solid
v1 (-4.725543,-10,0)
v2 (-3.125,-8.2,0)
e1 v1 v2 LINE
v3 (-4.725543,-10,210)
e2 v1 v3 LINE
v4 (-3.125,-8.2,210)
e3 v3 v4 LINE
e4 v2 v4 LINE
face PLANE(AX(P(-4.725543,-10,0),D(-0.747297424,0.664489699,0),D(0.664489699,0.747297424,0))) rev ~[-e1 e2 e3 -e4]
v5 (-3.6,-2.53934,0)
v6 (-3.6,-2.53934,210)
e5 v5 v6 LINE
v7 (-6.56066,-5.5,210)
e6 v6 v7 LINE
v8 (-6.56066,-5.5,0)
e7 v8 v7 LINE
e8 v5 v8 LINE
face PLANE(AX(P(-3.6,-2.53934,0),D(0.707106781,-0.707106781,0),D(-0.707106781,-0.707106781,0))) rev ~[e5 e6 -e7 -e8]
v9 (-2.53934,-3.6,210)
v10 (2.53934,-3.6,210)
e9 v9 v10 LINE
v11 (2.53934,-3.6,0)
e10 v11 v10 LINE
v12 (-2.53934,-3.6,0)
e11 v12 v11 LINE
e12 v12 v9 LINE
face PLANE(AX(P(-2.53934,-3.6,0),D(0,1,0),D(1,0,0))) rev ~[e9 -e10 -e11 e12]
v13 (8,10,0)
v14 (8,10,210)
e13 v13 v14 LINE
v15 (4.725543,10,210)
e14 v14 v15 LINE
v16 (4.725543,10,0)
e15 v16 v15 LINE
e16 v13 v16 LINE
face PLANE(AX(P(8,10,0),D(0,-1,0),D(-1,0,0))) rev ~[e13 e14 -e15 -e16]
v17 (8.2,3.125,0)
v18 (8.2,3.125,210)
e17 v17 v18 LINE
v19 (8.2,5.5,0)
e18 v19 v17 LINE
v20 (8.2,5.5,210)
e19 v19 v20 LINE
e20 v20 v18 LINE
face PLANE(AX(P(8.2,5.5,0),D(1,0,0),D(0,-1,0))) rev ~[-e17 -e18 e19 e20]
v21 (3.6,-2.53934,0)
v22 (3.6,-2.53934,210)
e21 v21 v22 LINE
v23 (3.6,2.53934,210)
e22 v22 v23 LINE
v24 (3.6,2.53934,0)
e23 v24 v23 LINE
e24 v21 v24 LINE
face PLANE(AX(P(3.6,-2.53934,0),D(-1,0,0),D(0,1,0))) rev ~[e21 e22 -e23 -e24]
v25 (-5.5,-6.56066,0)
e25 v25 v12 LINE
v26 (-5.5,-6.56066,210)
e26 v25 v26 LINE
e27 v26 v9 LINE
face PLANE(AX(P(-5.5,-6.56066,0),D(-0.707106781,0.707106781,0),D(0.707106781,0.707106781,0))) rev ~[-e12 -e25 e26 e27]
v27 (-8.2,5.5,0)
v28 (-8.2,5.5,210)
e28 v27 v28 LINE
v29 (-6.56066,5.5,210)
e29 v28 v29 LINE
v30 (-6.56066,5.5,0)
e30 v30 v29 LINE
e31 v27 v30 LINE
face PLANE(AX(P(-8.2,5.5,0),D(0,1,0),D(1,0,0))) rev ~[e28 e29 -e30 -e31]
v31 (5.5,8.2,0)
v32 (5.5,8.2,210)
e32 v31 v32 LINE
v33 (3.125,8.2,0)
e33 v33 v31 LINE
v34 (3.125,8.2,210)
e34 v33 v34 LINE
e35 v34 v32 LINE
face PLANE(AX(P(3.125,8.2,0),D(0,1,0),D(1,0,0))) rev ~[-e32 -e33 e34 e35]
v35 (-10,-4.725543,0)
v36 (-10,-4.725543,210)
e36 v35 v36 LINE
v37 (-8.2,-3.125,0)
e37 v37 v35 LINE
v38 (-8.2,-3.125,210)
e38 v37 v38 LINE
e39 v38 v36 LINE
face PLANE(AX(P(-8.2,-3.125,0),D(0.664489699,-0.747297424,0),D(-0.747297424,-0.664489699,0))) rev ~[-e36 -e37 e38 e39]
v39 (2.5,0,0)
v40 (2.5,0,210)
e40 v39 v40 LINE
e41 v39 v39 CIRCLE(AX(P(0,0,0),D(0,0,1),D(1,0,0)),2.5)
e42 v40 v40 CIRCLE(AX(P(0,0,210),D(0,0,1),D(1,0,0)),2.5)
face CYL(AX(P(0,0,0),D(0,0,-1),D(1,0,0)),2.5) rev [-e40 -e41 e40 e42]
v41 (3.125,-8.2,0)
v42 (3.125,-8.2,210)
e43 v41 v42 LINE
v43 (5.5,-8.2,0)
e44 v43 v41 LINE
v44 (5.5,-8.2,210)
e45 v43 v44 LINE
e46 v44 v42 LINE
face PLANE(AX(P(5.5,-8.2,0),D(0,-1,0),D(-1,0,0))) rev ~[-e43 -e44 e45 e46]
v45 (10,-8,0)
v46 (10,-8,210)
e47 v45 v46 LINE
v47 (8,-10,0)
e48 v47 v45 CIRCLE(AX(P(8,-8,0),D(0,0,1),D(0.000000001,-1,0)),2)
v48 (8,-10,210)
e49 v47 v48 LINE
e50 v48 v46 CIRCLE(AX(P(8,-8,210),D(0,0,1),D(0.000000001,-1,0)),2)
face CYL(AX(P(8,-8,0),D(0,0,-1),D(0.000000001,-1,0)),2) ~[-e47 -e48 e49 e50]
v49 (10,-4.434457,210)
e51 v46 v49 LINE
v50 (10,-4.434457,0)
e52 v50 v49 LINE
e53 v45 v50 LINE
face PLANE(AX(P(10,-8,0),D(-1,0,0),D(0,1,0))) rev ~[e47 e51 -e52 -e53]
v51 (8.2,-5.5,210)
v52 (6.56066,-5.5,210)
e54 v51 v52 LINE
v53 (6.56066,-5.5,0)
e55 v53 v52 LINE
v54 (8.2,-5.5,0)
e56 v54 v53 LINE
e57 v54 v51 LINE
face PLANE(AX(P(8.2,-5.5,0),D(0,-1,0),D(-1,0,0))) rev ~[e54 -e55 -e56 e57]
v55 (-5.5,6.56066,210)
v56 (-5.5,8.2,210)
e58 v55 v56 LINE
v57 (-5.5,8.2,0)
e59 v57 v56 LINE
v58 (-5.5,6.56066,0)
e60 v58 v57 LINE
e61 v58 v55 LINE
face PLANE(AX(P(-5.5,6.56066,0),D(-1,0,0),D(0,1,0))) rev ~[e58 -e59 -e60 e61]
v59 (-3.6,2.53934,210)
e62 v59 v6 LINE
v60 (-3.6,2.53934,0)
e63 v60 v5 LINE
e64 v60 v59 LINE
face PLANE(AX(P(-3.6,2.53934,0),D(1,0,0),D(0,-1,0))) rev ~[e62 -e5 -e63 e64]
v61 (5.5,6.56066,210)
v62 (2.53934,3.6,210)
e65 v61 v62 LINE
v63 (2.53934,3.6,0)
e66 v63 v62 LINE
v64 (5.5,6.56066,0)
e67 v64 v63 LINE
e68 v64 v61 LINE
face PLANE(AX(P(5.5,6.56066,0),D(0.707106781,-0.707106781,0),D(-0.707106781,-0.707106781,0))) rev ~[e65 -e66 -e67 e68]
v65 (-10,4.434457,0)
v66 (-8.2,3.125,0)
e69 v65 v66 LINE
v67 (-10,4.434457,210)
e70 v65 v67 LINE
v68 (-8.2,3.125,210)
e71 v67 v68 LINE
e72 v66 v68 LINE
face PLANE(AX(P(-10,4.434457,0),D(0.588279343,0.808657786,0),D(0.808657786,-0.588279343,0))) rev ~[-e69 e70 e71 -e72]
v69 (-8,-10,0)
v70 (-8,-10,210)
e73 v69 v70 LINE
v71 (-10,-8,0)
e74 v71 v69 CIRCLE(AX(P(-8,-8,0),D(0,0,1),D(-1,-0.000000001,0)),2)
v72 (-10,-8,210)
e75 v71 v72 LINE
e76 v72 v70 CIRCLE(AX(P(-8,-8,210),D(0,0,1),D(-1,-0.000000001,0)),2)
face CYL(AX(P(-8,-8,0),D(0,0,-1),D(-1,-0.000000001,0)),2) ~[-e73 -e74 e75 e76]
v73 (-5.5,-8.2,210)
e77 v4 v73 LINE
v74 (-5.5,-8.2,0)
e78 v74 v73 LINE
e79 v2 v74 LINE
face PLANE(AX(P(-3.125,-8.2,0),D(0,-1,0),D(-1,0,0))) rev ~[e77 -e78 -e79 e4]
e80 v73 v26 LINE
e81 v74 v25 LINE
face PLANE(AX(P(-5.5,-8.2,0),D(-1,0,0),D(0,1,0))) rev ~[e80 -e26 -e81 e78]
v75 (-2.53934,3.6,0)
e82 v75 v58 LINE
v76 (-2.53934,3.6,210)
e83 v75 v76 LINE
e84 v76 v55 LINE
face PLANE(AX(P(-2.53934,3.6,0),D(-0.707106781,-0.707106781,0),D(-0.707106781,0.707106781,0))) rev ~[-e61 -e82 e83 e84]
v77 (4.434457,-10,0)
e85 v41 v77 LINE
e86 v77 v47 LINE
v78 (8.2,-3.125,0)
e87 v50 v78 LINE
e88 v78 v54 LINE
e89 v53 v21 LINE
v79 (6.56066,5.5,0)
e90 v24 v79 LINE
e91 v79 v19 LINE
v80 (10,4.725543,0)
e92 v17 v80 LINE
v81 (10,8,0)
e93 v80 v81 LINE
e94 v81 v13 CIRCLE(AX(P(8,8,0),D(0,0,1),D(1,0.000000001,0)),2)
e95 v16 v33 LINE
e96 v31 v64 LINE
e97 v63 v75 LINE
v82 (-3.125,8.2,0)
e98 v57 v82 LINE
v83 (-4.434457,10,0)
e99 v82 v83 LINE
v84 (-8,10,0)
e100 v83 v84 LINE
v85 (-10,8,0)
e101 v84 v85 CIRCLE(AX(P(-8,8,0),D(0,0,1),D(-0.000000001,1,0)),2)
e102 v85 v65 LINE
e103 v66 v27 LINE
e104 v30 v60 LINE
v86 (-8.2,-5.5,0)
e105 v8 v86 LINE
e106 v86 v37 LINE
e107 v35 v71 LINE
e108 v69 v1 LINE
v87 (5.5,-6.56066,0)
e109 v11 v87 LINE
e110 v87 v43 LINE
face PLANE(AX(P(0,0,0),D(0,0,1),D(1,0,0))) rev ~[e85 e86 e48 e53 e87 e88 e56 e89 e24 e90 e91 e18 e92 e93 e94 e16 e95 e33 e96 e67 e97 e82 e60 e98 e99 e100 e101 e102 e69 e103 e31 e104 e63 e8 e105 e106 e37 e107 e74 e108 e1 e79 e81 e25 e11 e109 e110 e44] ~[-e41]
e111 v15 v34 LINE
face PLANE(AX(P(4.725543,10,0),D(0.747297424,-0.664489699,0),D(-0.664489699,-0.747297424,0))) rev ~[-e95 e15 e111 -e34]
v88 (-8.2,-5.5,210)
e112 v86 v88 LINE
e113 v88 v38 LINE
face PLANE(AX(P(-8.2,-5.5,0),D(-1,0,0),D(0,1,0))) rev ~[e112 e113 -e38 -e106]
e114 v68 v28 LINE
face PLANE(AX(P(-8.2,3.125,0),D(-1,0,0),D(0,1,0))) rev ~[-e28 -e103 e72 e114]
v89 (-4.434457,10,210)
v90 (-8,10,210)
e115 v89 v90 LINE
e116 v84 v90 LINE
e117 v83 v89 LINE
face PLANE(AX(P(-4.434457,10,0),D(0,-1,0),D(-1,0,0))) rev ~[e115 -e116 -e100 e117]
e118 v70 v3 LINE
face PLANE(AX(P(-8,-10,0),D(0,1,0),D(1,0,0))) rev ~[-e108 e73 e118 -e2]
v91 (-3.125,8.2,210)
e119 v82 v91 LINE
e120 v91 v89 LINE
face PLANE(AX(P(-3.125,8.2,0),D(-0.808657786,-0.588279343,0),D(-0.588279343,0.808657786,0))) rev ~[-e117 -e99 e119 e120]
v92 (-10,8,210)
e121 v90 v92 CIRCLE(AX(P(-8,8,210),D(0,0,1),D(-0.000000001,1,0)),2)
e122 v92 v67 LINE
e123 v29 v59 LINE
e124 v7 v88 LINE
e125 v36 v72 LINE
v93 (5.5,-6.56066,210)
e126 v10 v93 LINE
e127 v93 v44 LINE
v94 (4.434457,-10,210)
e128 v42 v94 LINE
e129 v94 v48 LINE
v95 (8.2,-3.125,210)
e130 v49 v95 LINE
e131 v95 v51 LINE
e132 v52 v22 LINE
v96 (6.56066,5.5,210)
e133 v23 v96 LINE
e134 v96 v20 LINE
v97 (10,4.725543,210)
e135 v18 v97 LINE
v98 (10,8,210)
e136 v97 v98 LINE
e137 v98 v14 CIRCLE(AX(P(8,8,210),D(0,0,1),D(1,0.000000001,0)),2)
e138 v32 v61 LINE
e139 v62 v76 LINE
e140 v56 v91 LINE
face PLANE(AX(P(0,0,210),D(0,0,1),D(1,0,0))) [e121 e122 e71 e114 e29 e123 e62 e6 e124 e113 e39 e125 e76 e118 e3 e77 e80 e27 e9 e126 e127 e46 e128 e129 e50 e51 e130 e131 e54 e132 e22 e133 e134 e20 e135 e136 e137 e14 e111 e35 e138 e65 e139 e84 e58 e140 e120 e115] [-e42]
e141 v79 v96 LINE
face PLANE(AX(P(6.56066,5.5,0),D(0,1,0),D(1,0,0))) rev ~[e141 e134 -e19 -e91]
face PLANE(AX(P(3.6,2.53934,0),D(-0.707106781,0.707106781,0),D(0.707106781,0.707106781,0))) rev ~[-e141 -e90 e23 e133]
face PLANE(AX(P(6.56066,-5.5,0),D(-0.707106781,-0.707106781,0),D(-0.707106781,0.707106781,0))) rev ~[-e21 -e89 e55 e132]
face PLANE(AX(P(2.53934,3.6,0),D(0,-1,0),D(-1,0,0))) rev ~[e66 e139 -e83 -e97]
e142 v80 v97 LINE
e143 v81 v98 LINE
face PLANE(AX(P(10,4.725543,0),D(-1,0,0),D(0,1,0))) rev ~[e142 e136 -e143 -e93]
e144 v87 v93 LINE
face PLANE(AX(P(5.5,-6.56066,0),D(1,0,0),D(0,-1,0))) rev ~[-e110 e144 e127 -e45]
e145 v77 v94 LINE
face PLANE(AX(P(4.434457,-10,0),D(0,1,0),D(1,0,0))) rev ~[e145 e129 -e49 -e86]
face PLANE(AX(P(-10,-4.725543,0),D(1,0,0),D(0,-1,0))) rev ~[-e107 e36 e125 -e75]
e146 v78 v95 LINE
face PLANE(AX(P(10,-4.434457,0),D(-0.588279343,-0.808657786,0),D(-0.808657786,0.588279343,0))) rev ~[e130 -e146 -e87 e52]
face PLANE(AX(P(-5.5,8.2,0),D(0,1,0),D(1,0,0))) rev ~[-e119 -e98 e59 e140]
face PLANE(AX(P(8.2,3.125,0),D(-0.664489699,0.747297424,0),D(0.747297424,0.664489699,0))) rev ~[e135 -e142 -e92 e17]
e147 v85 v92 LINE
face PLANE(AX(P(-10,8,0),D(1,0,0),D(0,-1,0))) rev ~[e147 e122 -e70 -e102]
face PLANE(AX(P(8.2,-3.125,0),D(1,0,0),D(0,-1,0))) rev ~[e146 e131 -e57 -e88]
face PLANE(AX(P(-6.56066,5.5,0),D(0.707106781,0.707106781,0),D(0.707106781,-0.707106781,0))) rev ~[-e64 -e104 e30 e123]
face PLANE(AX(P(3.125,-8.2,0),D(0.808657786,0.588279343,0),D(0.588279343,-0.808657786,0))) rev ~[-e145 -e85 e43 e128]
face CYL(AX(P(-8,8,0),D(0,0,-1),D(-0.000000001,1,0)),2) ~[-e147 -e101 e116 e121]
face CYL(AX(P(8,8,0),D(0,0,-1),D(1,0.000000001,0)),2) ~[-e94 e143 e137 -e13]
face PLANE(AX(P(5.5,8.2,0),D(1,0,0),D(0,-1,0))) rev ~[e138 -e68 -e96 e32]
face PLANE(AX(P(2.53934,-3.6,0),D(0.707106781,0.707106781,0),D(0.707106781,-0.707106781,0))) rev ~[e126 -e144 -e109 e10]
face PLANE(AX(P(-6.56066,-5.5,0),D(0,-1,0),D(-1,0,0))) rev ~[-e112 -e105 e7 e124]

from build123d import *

# Parameters (mm, degrees)
SKETCH1_R           = 2.5
BOSS_EXTRUDE1_DEPTH = 210


with BuildPart() as part:
    # Sketch1 → Boss-Extrude1 (new body)
    with BuildSketch(Plane.XY):
        with BuildLine():
            Line((-4.725542729, -10), (-3.125, -8.2))
            Line((-3.125, -8.2), (-5.5, -8.2))
            Line((-5.5, -8.2), (-5.5, -6.560660172))
            Line((-5.5, -6.560660172), (-2.539339828, -3.6))
            Line((-2.539339828, -3.6), (2.539339828, -3.6))
            Line((2.539339828, -3.6), (5.5, -6.560660172))
            Line((5.5, -6.560660172), (5.5, -8.2))
            Line((5.5, -8.2), (3.125, -8.2))
            Line((3.125, -8.2), (4.434457271, -10))
            Line((4.434457271, -10), (8, -10))
            ThreePointArc((8, -10), (9.414213562, -9.414213562), (10, -8))
            Line((10, -8), (10, -4.434457271))
            Line((10, -4.434457271), (8.2, -3.125))
            Line((8.2, -3.125), (8.2, -5.5))
            Line((8.2, -5.5), (6.560660172, -5.5))
            Line((6.560660172, -5.5), (3.6, -2.539339828))
            Line((3.6, -2.539339828), (3.6, 2.539339828))
            Line((3.6, 2.539339828), (6.560660172, 5.5))
            Line((6.560660172, 5.5), (8.2, 5.5))
            Line((8.2, 5.5), (8.2, 3.125))
            Line((8.2, 3.125), (10, 4.725542729))
            Line((10, 4.725542729), (10, 8))
            ThreePointArc((10, 8), (9.414213562, 9.414213562), (8, 10))
            Line((8, 10), (4.725542729, 10))
            Line((4.725542729, 10), (3.125, 8.2))
            Line((3.125, 8.2), (5.5, 8.2))
            Line((5.5, 8.2), (5.5, 6.560660172))
            Line((5.5, 6.560660172), (2.539339828, 3.6))
            Line((2.539339828, 3.6), (-2.539339828, 3.6))
            Line((-2.539339828, 3.6), (-5.5, 6.560660172))
            Line((-5.5, 6.560660172), (-5.5, 8.2))
            Line((-5.5, 8.2), (-3.125, 8.2))
            Line((-3.125, 8.2), (-4.434457271, 10))
            Line((-4.434457271, 10), (-8, 10))
            ThreePointArc((-8, 10), (-9.414213562, 9.414213562), (-10, 8))
            Line((-10, 8), (-10, 4.434457271))
            Line((-10, 4.434457271), (-8.2, 3.125))
            Line((-8.2, 3.125), (-8.2, 5.5))
            Line((-8.2, 5.5), (-6.560660172, 5.5))
            Line((-6.560660172, 5.5), (-3.6, 2.539339828))
            Line((-3.6, 2.539339828), (-3.6, -2.539339828))
            Line((-3.6, -2.539339828), (-6.560660172, -5.5))
            Line((-6.560660172, -5.5), (-8.2, -5.5))
            Line((-8.2, -5.5), (-8.2, -3.125))
            Line((-8.2, -3.125), (-10, -4.725542729))
            Line((-10, -4.725542729), (-10, -8))
            ThreePointArc((-10, -8), (-9.414213562, -9.414213562), (-8, -10))
            Line((-8, -10), (-4.725542729, -10))
        make_face()
        Circle(SKETCH1_R, mode=Mode.SUBTRACT)
    extrude(amount=BOSS_EXTRUDE1_DEPTH)


solid = part.part
